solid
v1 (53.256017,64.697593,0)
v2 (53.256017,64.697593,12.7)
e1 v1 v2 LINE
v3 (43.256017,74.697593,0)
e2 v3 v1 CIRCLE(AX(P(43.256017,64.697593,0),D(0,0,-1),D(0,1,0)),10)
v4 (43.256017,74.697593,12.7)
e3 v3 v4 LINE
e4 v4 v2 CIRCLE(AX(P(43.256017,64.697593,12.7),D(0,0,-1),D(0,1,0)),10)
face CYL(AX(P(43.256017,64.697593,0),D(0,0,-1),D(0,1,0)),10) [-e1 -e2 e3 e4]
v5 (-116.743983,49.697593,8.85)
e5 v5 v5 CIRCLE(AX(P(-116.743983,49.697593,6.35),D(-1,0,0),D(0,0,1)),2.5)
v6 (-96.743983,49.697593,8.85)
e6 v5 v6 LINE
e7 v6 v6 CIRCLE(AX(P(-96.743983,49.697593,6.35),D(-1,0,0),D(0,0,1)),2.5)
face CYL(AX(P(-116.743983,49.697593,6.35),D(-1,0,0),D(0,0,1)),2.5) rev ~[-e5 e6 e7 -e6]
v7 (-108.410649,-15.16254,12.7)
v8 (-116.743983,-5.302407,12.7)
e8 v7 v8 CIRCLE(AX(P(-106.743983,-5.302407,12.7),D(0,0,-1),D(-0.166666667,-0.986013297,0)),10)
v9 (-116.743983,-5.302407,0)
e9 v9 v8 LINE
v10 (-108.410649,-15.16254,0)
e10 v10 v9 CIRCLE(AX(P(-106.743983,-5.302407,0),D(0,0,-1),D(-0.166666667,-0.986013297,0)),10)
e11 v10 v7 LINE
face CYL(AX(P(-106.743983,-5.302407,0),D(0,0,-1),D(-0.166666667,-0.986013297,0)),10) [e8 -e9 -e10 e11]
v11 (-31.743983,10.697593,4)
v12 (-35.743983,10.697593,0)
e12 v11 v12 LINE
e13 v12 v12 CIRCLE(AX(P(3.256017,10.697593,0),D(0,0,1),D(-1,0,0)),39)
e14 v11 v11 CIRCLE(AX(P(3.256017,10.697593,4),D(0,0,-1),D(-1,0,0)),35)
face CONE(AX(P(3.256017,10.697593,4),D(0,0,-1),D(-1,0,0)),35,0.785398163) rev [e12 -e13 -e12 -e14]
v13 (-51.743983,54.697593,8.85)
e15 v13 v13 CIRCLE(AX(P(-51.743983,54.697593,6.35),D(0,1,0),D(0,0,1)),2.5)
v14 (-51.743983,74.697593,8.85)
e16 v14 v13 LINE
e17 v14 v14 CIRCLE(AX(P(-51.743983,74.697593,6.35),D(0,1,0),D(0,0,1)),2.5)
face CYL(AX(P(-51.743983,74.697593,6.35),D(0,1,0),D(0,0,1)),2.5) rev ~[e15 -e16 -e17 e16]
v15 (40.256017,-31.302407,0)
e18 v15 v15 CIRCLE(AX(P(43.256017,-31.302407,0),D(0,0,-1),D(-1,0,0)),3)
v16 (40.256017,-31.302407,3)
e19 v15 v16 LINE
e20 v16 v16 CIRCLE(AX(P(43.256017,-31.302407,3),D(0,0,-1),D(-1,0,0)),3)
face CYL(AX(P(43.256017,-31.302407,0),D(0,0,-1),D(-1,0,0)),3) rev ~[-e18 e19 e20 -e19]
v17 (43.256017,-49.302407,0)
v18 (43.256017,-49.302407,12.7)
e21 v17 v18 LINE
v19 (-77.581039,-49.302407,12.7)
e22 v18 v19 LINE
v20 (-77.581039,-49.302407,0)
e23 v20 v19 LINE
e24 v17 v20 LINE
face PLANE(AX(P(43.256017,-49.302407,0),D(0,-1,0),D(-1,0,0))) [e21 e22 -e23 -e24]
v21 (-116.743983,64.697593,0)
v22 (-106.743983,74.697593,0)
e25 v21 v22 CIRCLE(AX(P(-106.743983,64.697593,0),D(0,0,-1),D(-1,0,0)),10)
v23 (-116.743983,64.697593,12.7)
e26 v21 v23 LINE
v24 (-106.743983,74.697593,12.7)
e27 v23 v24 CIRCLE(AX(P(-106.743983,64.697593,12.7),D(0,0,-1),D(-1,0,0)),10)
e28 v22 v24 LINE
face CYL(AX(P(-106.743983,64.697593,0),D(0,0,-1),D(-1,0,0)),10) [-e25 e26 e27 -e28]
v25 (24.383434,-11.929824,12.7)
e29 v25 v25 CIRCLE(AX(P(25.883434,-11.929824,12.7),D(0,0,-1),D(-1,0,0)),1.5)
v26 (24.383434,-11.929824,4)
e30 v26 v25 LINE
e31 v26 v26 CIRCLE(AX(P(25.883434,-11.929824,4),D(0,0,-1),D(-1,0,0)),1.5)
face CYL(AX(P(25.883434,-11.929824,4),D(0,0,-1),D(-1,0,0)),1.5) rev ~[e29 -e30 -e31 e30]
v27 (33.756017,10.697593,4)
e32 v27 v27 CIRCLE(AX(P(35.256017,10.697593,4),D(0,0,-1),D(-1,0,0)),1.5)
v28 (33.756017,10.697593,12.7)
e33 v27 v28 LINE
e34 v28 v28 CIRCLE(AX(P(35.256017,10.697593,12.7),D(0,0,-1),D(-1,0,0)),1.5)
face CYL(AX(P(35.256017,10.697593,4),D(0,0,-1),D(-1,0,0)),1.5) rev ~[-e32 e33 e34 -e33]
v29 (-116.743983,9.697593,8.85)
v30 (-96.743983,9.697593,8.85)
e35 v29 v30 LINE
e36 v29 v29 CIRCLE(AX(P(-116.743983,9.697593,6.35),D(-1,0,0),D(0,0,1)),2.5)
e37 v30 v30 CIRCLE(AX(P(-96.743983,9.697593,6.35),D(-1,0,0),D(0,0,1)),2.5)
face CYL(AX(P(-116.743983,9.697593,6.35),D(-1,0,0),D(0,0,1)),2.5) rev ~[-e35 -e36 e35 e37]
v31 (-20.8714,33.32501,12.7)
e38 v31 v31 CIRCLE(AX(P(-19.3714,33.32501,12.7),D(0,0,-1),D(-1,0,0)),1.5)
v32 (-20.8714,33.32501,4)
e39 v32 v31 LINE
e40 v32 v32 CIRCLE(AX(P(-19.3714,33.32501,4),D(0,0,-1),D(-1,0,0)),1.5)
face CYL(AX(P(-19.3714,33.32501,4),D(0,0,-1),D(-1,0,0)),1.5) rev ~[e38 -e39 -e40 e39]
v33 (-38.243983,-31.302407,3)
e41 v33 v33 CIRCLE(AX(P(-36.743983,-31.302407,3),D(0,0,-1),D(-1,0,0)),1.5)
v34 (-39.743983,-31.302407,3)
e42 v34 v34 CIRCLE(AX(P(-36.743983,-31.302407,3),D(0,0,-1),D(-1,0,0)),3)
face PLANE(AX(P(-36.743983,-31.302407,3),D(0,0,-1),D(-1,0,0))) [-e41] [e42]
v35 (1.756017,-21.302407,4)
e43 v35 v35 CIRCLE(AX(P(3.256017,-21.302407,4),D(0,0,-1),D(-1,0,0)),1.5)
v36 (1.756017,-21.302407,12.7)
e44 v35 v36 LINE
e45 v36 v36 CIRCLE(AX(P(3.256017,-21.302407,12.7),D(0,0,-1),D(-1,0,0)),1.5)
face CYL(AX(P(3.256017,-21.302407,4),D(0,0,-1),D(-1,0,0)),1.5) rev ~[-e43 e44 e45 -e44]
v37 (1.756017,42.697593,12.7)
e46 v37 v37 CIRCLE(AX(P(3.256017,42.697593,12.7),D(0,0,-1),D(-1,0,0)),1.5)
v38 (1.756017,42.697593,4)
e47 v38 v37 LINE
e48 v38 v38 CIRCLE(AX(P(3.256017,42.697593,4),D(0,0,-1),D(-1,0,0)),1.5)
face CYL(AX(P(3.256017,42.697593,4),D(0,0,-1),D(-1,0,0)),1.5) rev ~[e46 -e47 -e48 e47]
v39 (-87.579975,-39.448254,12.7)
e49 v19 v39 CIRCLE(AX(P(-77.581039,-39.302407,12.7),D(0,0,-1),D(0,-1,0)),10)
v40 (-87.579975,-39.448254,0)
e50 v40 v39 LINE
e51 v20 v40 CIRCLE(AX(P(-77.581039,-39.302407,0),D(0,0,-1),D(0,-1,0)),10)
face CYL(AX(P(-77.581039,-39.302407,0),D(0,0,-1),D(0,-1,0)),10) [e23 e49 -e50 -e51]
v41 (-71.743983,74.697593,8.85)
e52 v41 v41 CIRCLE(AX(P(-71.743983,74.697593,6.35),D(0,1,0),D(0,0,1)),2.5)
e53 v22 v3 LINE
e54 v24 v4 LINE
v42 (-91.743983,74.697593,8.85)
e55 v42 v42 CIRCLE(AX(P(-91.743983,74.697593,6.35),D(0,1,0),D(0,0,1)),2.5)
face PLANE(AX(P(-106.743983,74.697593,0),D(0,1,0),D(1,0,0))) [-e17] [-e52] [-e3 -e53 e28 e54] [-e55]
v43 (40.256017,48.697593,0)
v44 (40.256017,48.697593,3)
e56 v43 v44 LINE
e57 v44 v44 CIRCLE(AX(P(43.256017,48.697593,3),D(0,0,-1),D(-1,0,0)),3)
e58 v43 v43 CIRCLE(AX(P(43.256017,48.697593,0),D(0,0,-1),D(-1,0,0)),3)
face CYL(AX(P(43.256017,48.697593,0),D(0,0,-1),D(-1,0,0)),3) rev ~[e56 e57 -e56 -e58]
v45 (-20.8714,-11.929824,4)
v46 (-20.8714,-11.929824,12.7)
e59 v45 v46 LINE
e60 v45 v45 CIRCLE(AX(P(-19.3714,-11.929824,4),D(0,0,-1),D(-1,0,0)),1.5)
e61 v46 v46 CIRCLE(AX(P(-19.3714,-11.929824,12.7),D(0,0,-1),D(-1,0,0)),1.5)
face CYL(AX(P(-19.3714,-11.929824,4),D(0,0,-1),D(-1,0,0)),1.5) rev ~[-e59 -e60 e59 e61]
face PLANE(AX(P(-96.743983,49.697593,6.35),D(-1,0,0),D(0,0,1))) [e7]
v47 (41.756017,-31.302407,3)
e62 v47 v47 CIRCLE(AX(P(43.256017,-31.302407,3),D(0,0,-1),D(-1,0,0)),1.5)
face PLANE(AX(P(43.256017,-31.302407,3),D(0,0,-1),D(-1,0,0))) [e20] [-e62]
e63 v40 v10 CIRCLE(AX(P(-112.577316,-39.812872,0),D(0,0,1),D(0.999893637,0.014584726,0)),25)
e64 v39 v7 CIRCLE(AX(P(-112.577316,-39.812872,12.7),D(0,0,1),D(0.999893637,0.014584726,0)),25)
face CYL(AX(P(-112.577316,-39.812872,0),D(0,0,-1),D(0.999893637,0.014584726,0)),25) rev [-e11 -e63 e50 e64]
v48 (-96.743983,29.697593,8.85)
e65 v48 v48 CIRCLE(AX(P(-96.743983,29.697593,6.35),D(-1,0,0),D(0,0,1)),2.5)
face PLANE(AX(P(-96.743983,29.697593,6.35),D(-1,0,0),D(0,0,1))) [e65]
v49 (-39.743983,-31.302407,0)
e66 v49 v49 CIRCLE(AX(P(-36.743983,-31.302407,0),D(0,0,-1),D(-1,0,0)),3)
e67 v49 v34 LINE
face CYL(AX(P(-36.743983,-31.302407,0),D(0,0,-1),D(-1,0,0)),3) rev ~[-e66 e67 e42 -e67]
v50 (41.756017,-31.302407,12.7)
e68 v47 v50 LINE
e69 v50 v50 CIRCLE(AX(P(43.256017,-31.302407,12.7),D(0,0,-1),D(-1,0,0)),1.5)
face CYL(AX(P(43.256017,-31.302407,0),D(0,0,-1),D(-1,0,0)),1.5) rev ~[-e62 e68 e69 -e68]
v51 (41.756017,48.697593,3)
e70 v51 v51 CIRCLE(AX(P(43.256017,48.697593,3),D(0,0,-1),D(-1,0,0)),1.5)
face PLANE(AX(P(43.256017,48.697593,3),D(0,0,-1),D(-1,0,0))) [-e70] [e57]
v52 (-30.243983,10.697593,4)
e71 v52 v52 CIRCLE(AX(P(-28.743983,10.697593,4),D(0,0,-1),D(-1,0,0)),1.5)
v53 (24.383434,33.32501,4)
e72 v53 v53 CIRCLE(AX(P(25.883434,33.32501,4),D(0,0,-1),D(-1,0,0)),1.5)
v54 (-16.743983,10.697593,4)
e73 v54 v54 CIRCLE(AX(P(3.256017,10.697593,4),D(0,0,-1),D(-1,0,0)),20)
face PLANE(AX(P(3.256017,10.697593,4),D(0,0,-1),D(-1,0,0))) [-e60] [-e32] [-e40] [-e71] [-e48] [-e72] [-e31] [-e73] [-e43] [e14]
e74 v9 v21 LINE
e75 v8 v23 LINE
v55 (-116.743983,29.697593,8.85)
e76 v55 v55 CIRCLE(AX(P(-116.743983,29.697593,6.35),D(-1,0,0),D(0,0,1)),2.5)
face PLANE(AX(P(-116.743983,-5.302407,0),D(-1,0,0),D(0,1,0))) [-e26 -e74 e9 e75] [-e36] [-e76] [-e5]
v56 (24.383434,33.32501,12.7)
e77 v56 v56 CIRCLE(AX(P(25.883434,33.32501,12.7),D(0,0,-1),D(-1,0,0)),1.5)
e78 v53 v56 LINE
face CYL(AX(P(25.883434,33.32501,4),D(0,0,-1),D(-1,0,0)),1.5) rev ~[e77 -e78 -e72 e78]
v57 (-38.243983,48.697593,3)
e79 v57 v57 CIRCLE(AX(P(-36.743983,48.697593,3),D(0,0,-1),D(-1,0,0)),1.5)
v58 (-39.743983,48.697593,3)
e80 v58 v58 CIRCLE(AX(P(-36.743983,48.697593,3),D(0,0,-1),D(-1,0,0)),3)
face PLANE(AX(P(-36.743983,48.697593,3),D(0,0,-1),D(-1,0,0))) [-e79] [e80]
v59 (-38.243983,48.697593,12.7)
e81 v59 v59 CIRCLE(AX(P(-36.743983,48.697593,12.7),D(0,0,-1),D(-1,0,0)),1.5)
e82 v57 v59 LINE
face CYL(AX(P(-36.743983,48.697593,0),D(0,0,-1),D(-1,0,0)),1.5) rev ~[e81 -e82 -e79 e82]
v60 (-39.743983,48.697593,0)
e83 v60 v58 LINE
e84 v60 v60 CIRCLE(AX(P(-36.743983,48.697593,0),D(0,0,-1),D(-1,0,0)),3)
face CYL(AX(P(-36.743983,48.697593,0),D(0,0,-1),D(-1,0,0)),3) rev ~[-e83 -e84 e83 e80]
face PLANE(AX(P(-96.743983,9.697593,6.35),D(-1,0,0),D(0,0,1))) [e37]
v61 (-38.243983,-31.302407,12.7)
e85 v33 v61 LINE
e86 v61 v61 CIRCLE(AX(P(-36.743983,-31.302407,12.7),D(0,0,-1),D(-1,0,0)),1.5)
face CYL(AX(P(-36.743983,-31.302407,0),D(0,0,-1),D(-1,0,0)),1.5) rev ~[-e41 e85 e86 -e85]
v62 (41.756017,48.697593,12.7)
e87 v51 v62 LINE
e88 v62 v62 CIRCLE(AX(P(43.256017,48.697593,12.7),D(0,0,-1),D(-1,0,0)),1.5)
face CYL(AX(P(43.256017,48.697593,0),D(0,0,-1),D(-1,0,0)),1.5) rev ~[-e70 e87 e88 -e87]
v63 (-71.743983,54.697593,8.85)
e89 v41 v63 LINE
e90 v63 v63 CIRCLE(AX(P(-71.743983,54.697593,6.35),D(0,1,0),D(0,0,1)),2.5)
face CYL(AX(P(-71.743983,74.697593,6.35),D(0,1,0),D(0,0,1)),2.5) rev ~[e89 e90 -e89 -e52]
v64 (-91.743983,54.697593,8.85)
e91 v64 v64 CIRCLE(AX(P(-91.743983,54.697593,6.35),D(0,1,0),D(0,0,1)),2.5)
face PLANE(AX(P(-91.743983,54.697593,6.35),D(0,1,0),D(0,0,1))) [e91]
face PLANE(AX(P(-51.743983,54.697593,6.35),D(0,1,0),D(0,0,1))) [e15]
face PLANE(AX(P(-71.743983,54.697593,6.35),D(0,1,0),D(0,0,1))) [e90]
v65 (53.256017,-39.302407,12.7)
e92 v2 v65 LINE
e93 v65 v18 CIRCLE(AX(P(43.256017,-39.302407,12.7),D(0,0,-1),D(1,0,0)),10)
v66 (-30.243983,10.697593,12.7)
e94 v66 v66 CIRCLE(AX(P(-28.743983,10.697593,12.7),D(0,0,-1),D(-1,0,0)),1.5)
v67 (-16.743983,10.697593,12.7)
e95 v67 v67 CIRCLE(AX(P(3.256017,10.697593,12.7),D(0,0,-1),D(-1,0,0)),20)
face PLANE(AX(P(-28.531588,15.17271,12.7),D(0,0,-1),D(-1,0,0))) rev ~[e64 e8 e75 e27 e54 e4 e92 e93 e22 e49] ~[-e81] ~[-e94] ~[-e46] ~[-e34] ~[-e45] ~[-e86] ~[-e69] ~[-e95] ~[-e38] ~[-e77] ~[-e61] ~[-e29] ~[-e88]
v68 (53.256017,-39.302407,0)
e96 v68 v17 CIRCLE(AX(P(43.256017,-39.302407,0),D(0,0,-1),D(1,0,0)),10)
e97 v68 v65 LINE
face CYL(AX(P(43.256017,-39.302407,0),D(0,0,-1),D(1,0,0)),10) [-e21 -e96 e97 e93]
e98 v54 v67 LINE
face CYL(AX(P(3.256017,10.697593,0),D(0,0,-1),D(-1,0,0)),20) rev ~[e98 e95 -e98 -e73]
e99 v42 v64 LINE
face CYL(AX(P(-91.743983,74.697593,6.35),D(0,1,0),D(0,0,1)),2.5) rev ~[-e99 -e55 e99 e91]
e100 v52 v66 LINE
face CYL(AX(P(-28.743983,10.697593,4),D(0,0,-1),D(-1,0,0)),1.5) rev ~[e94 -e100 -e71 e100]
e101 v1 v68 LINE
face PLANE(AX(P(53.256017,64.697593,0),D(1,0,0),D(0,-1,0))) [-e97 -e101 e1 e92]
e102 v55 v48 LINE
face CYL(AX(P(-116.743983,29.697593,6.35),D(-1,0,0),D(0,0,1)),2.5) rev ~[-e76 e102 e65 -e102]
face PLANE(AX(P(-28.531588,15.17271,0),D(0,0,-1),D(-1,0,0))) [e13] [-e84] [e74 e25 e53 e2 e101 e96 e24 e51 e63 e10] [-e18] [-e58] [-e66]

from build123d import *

# Parameters (mm, degrees)
SALIENTE_EXTRUIR1_DEPTH = 12.7
CROQUIS2_R              = 20
CORTAR_EXTRUIR1_DEPTH   = 12.7
CROQUIS4_R              = 3
CORTAR_EXTRUIR3_DEPTH   = 3
CROQUIS5_R              = 35
CORTAR_EXTRUIR4_DEPTH   = 4
CROQUIS6_R              = 1.5
CORTAR_EXTRUIR5_DEPTH   = 22
CROQUIS7_R              = 35
CORTAR_EXTRUIR6_DEPTH   = 10
CORTAR_EXTRUIR6_DRAFT   = -45
CROQUIS8_R              = 1.5
CORTAR_EXTRUIR7_DEPTH   = 29
CROQUIS9_R              = 2.5
CORTAR_EXTRUIR8_DEPTH   = 20
CROQUIS10_R             = 2.5
CORTAR_EXTRUIR9_DEPTH   = 20


with BuildPart() as part:
    # Croquis1 → Saliente-Extruir1 (new body)
    with BuildSketch(Plane.XY):
        with BuildLine():
            Line((-106.743982658, 74.697593063), (43.256017342, 74.697593063))
            ThreePointArc((43.256017342, 74.697593063), (50.327085153, 71.768660875), (53.256017342, 64.697593063))
            Line((53.256017342, 64.697593063), (53.256017342, 40.697593063))
            Line((53.256017342, 40.697593063), (53.256017342, -39.302406937))
            ThreePointArc((53.256017342, -39.302406937), (50.327085153, -46.373474748), (43.256017342, -49.302406937))
            Line((43.256017342, -49.302406937), (-46.743982658, -49.302406937))
            Line((-46.743982658, -49.302406937), (-77.581038689, -49.302406937))
            ThreePointArc((-77.581038689, -49.302406937), (-84.60035231, -46.424852885), (-87.579975061, -39.448254194))
            ThreePointArc((-87.579975061, -39.448254194), (-93.601441457, -23.536626284), (-108.410649325, -15.162539908))
            ThreePointArc((-108.410649325, -15.162539908), (-114.381608817, -11.75737918), (-116.743982658, -5.302406937))
            Line((-116.743982658, -5.302406937), (-116.743982658, 64.697593063))
            ThreePointArc((-116.743982658, 64.697593063), (-113.81505047, 71.768660875), (-106.743982658, 74.697593063))
        make_face()
    extrude(amount=SALIENTE_EXTRUIR1_DEPTH)

    # Croquis2 → Cortar-Extruir1 (cut)
    with BuildSketch(Plane(origin=(0, 0, 0), x_dir=(-1, 0, 0), z_dir=(0, 0, -1))):
        with Locations((-3.256017342, 10.697593063)):
            Circle(CROQUIS2_R)
    extrude(amount=-CORTAR_EXTRUIR1_DEPTH, mode=Mode.SUBTRACT)

    # Croquis4 → Cortar-Extruir3 (cut)
    with BuildSketch(Plane(origin=(0, 0, 0), x_dir=(-1, 0, 0), z_dir=(0, 0, -1))):
        with Locations((36.743982658, 48.697593063)):
            Circle(CROQUIS4_R)
        with Locations((-43.256017342, 48.697593063)):
            Circle(CROQUIS4_R)
        with Locations((36.743982658, -31.302406937)):
            Circle(CROQUIS4_R)
        with Locations((-43.256017342, -31.302406937)):
            Circle(CROQUIS4_R)
    extrude(amount=-CORTAR_EXTRUIR3_DEPTH, mode=Mode.SUBTRACT)

    # Croquis5 → Cortar-Extruir4 (cut)
    with BuildSketch(Plane(origin=(0, 0, 0), x_dir=(-1, 0, 0), z_dir=(0, 0, -1))):
        with Locations((-3.256017342, 10.697593063)):
            Circle(CROQUIS5_R)
    extrude(amount=-CORTAR_EXTRUIR4_DEPTH, mode=Mode.SUBTRACT)

    # Croquis6 → Cortar-Extruir5 (cut)
    with BuildSketch(Plane(origin=(0, 0, 4), x_dir=(-1, 0, 0), z_dir=(0, 0, -1))):
        with Locations((-3.256017342, 42.697593063)):
            Circle(CROQUIS6_R)
        with Locations((19.371399656, 33.325010061)):
            Circle(CROQUIS6_R)
        with Locations((28.743982658, 10.697593063)):
            Circle(CROQUIS6_R)
        with Locations((19.371399656, -11.929823935)):
            Circle(CROQUIS6_R)
        with Locations((-3.256017342, -21.302406937)):
            Circle(CROQUIS6_R)
        with Locations((-25.88343434, -11.929823935)):
            Circle(CROQUIS6_R)
        with Locations((-35.256017342, 10.697593063)):
            Circle(CROQUIS6_R)
        with Locations((-25.88343434, 33.325010061)):
            Circle(CROQUIS6_R)
    extrude(amount=-CORTAR_EXTRUIR5_DEPTH, mode=Mode.SUBTRACT)


with BuildPart() as cortar_extruir6_tool:
    # Croquis7 → Cortar-Extruir6 (with draft: the straight prism first)
    with BuildSketch(Plane(origin=(0, 0, 4), x_dir=(-1, 0, 0), z_dir=(0, 0, -1))):
        with Locations((-3.256017342, 10.697593063)):
            Circle(CROQUIS7_R)
    extrude(amount=CORTAR_EXTRUIR6_DEPTH)
    # Cortar-Extruir6: the draft: its side faces are tilted about the plane it starts from
    cortar_extruir6_sides = [cortar_extruir6_tool.faces().sort_by_distance(p)[0] for p in [
        (38.256017342, 10.697593063, -1),
    ]]
    draft(cortar_extruir6_sides, Plane(origin=(0, 0, 4), x_dir=(-1, 0, 0), z_dir=(0, 0, -1)), CORTAR_EXTRUIR6_DRAFT)


with BuildPart() as part_1:
    add(part.part)

    # Cortar-Extruir6: cut by cortar_extruir6_tool
    add(cortar_extruir6_tool.part, mode=Mode.SUBTRACT)

    # Croquis8 → Cortar-Extruir7 (cut)
    with BuildSketch(Plane(origin=(0, 0, 0), x_dir=(-1, 0, 0), z_dir=(0, 0, -1))):
        with Locations((-43.256017342, 48.697593063)):
            Circle(CROQUIS8_R)
        with Locations((36.743982658, 48.697593063)):
            Circle(CROQUIS8_R)
        with Locations((36.743982658, -31.302406937)):
            Circle(CROQUIS8_R)
        with Locations((-43.256017342, -31.302406937)):
            Circle(CROQUIS8_R)
    extrude(amount=-CORTAR_EXTRUIR7_DEPTH, mode=Mode.SUBTRACT)

    # Croquis9 → Cortar-Extruir8 (cut)
    with BuildSketch(Plane(origin=(0, 74.697593063, 0), x_dir=(1, 0, 0), z_dir=(0, 1, 0))):
        with Locations(Location((-91.743982658, -6.35, 0), (0, 0, 270))):
            Circle(CROQUIS9_R)
        with Locations(Location((-71.743982658, -6.35, 0), (0, 0, 270))):
            Circle(CROQUIS9_R)
        with Locations(Location((-51.743982658, -6.35, 0), (0, 0, 270))):
            Circle(CROQUIS9_R)
    extrude(amount=-CORTAR_EXTRUIR8_DEPTH, mode=Mode.SUBTRACT)

    # Croquis10 → Cortar-Extruir9 (cut)
    with BuildSketch(Plane.ZY.offset(116.743982658)):
        with Locations((6.35, 49.697593063)):
            Circle(CROQUIS10_R)
        with Locations((6.35, 29.697593063)):
            Circle(CROQUIS10_R)
        with Locations((6.35, 9.697593063)):
            Circle(CROQUIS10_R)
    extrude(amount=-CORTAR_EXTRUIR9_DEPTH, mode=Mode.SUBTRACT)


solid = part_1.part
